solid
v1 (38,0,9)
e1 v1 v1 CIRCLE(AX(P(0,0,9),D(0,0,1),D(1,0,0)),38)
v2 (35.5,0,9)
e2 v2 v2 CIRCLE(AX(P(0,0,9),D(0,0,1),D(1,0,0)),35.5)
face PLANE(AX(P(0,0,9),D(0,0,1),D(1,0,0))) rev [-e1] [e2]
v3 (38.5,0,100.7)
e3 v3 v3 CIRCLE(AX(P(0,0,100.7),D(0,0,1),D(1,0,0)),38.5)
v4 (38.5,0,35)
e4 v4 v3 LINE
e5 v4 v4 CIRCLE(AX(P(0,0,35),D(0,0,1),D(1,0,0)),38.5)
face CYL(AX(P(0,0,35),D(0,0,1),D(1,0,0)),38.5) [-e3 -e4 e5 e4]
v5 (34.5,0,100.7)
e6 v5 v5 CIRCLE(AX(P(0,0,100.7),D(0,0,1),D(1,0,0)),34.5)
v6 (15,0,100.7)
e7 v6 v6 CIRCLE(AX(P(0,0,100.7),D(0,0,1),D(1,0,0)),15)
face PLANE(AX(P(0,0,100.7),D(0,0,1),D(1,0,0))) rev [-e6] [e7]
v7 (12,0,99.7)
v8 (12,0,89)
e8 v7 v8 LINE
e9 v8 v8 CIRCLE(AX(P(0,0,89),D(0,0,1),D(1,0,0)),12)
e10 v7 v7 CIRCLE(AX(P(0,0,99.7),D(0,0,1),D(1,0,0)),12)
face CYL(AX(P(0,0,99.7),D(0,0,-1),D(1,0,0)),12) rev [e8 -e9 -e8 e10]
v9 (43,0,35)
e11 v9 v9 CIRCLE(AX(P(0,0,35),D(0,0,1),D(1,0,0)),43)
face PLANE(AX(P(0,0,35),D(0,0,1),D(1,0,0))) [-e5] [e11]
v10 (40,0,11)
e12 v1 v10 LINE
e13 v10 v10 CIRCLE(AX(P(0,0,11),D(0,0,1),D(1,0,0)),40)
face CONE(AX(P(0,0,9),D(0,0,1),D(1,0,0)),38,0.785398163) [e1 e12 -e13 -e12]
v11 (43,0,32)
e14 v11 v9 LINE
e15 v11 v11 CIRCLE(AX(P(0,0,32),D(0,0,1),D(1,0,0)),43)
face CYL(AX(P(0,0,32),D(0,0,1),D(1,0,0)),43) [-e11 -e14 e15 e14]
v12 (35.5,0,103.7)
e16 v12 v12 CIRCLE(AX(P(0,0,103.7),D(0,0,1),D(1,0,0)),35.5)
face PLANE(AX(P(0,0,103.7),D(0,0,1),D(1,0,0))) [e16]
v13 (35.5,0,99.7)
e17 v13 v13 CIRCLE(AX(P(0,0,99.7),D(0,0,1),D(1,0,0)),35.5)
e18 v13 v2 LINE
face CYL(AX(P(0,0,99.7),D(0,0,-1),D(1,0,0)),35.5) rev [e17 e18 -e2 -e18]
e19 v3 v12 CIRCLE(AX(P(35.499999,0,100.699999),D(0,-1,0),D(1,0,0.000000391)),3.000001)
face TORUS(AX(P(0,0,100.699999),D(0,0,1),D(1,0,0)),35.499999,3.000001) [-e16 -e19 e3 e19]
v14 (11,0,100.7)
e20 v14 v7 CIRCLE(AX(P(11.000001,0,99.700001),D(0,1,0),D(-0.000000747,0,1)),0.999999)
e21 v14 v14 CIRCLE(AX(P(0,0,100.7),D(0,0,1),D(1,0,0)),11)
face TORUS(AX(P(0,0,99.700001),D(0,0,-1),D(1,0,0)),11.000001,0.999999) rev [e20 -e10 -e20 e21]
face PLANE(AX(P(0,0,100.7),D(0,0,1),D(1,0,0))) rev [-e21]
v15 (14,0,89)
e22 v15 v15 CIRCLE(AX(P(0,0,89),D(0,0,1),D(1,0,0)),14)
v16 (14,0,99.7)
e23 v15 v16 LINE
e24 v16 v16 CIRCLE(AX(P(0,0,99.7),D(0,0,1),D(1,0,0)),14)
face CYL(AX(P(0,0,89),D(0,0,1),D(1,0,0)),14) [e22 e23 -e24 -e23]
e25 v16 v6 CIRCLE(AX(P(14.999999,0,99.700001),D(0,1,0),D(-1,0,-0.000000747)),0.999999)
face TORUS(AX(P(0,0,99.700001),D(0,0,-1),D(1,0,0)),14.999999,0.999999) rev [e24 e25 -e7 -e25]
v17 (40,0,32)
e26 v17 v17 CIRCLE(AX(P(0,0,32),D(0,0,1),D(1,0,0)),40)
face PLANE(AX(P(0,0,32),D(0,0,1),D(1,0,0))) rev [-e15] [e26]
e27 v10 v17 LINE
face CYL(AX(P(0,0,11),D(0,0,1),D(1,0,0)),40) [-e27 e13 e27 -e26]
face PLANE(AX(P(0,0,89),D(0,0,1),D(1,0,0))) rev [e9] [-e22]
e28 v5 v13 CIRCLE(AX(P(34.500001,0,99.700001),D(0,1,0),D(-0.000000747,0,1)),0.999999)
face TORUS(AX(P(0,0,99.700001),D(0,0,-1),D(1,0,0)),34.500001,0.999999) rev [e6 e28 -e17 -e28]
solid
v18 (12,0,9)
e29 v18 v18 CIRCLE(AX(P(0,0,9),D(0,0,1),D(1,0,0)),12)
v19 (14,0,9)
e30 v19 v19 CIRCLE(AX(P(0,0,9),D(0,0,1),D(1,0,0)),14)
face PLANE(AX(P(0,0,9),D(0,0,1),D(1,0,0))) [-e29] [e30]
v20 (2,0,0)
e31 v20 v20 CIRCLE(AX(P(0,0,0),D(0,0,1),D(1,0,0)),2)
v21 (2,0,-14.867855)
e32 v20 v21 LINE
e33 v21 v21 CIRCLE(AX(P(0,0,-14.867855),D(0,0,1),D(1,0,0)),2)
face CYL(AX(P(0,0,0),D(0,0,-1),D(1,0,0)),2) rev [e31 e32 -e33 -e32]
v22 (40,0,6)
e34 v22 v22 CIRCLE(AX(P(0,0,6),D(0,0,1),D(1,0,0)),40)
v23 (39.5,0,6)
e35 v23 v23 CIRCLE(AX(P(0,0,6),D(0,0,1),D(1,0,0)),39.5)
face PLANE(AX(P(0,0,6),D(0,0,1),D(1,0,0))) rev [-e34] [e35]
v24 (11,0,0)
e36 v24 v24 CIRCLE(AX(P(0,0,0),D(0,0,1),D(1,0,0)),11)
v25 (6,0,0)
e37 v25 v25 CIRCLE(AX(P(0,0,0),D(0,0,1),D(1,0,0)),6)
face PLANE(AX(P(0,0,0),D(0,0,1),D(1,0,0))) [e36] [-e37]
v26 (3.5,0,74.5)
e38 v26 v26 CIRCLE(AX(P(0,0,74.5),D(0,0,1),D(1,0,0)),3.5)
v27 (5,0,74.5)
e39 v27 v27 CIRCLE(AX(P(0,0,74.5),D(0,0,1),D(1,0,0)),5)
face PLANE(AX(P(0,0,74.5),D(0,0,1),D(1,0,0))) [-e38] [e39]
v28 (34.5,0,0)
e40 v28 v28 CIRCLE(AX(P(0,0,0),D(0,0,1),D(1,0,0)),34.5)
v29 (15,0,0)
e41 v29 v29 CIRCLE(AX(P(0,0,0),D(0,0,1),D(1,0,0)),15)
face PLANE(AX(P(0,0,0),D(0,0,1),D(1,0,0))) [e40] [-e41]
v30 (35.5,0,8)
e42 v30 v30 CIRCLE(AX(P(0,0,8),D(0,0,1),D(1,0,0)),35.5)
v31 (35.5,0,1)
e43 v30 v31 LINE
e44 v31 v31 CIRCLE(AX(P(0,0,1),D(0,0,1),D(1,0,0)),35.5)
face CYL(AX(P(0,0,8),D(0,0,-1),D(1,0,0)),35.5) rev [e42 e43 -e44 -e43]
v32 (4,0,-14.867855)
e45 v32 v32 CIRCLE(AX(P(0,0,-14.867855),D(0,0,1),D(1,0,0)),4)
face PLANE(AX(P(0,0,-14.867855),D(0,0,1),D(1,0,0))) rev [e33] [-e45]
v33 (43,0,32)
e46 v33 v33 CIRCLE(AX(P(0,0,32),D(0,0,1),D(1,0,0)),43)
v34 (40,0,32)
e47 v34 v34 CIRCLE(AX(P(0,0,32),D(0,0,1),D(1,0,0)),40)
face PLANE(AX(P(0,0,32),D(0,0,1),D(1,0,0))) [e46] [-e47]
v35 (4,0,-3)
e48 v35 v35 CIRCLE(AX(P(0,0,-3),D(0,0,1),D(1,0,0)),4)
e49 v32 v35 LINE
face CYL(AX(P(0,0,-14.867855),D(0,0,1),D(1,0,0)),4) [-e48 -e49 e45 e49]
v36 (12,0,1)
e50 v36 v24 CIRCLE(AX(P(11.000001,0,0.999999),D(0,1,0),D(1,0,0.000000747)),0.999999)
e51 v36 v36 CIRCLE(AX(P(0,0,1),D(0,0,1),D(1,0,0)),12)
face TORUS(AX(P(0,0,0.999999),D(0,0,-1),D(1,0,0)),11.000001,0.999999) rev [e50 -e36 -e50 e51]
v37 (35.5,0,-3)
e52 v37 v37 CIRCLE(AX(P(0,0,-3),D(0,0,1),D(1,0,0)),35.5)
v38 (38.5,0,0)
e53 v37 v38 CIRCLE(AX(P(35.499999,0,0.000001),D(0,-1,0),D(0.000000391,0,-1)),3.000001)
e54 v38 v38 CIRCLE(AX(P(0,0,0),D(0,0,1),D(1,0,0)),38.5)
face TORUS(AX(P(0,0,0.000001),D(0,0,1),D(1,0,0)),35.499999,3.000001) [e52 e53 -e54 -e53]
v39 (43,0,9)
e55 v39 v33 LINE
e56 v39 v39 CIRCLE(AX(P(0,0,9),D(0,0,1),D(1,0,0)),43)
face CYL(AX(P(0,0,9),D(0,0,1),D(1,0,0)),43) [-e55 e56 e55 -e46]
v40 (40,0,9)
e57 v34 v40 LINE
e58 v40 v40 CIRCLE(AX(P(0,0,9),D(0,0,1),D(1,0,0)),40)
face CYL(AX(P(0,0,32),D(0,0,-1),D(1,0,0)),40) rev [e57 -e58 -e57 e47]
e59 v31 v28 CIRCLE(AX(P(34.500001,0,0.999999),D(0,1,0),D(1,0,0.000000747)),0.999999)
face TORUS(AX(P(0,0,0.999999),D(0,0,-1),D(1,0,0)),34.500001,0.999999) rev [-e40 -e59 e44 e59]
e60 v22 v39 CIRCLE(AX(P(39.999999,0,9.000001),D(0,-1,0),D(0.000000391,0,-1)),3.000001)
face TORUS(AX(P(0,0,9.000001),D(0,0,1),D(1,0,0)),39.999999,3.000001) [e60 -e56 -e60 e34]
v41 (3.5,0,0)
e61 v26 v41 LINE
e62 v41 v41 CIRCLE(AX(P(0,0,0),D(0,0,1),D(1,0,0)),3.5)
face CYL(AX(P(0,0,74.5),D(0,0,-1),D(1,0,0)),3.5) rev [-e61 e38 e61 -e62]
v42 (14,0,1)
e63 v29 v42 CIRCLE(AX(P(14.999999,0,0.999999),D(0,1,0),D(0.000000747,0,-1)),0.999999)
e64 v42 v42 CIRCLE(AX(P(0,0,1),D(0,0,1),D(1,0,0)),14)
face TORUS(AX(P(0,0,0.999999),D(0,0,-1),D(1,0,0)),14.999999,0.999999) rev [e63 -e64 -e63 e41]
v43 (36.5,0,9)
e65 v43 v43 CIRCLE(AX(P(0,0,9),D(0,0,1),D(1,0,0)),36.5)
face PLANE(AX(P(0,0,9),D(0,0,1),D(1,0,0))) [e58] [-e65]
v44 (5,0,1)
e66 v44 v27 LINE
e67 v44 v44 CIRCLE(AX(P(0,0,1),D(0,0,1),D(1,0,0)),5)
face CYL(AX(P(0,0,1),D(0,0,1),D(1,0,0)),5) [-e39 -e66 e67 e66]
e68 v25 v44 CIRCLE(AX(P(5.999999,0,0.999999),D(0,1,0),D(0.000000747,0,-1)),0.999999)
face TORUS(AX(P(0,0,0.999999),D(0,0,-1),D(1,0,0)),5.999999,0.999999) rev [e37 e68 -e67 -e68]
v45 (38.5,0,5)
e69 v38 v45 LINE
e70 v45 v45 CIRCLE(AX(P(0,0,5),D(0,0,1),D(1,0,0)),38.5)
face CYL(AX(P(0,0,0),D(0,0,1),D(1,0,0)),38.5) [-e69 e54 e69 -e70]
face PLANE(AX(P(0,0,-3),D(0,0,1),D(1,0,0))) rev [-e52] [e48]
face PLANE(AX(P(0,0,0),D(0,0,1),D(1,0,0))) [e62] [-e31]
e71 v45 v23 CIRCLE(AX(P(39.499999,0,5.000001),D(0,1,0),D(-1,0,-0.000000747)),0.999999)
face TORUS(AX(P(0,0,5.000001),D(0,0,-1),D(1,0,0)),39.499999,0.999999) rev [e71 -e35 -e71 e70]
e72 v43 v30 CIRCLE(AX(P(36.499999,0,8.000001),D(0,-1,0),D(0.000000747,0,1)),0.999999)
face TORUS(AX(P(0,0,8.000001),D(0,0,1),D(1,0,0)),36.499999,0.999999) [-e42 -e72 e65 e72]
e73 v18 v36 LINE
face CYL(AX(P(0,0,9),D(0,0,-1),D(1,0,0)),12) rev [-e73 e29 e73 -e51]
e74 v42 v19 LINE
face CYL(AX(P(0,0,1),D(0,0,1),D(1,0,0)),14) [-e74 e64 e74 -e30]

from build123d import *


with BuildPart() as f1:
    # F0 (on Front) → F1 (revolve)
    with BuildSketch(Plane.XZ):
        with BuildLine():
            Line((12, 9), (12, 1))
            ThreePointArc((12, 1), (11.707107, 0.292893), (11, 0))
            Line((11, 0), (6, 0))
            ThreePointArc((6, 0), (5.292893, 0.292893), (5, 1))
            Line((5, 1), (5, 74.5))
            Line((5, 74.5), (3.5, 74.5))
            Line((3.5, 74.5), (3.5, 0))
            Line((3.5, 0), (2, 0))
            Line((2, 0), (2, -3))
            Line((2, -3), (2, -14.867855))
            Line((2, -14.867855), (4, -14.867855))
            Line((4, -14.867855), (4, -3))
            Line((4, -3), (35.5, -3))
            ThreePointArc((35.5, -3), (37.62132, -2.12132), (38.5, 0))
            Line((38.5, 0), (38.5, 5))
            ThreePointArc((38.5, 5), (38.792893, 5.707107), (39.5, 6))
            Line((39.5, 6), (40, 6))
            ThreePointArc((40, 6), (42.12132, 6.87868), (43, 9))
            Line((43, 9), (43, 32))
            Line((43, 32), (40, 32))
            Line((40, 32), (40, 9))
            Line((40, 9), (36.5, 9))
            ThreePointArc((36.5, 9), (35.792893, 8.707107), (35.5, 8))
            Line((35.5, 8), (35.5, 1))
            ThreePointArc((35.5, 1), (35.207107, 0.292893), (34.5, 0))
            Line((34.5, 0), (15, 0))
            ThreePointArc((15, 0), (14.292893, 0.292893), (14, 1))
            Line((14, 1), (14, 9))
            Line((14, 9), (12, 9))
        make_face()
    revolve(axis=Axis((0, 0, 55.703663), (0, 0, 1)))


with BuildPart() as f3:
    # F2 (on Front) → F3 (revolve)
    with BuildSketch(Plane.XZ):
        with BuildLine():
            Line((35.5, 9), (36.5, 9))
            Line((36.5, 9), (38, 9))
            Line((38, 9), (40, 11))
            Line((40, 11), (40, 32))
            Line((40, 32), (43, 32))
            Line((43, 32), (43, 35))
            Line((43, 35), (38.5, 35))
            Line((38.5, 35), (38.5, 100.7))
            ThreePointArc((38.5, 100.7), (37.62132, 102.82132), (35.5, 103.7))
            Line((35.5, 103.7), (0, 103.7))
            Line((0, 103.7), (0, 100.7))
            Line((0, 100.7), (11, 100.7))
            ThreePointArc((11, 100.7), (11.707107, 100.407107), (12, 99.7))
            Line((12, 99.7), (12, 89))
            Line((12, 89), (14, 89))
            Line((14, 89), (14, 99.7))
            ThreePointArc((14, 99.7), (14.292893, 100.407107), (15, 100.7))
            Line((15, 100.7), (34.5, 100.7))
            ThreePointArc((34.5, 100.7), (35.207107, 100.407107), (35.5, 99.7))
            Line((35.5, 99.7), (35.5, 9))
        make_face()
    revolve(axis=Axis((0, 0, 55.703663), (0, 0, 1)))


solid = Compound([f1.part, f3.part])
